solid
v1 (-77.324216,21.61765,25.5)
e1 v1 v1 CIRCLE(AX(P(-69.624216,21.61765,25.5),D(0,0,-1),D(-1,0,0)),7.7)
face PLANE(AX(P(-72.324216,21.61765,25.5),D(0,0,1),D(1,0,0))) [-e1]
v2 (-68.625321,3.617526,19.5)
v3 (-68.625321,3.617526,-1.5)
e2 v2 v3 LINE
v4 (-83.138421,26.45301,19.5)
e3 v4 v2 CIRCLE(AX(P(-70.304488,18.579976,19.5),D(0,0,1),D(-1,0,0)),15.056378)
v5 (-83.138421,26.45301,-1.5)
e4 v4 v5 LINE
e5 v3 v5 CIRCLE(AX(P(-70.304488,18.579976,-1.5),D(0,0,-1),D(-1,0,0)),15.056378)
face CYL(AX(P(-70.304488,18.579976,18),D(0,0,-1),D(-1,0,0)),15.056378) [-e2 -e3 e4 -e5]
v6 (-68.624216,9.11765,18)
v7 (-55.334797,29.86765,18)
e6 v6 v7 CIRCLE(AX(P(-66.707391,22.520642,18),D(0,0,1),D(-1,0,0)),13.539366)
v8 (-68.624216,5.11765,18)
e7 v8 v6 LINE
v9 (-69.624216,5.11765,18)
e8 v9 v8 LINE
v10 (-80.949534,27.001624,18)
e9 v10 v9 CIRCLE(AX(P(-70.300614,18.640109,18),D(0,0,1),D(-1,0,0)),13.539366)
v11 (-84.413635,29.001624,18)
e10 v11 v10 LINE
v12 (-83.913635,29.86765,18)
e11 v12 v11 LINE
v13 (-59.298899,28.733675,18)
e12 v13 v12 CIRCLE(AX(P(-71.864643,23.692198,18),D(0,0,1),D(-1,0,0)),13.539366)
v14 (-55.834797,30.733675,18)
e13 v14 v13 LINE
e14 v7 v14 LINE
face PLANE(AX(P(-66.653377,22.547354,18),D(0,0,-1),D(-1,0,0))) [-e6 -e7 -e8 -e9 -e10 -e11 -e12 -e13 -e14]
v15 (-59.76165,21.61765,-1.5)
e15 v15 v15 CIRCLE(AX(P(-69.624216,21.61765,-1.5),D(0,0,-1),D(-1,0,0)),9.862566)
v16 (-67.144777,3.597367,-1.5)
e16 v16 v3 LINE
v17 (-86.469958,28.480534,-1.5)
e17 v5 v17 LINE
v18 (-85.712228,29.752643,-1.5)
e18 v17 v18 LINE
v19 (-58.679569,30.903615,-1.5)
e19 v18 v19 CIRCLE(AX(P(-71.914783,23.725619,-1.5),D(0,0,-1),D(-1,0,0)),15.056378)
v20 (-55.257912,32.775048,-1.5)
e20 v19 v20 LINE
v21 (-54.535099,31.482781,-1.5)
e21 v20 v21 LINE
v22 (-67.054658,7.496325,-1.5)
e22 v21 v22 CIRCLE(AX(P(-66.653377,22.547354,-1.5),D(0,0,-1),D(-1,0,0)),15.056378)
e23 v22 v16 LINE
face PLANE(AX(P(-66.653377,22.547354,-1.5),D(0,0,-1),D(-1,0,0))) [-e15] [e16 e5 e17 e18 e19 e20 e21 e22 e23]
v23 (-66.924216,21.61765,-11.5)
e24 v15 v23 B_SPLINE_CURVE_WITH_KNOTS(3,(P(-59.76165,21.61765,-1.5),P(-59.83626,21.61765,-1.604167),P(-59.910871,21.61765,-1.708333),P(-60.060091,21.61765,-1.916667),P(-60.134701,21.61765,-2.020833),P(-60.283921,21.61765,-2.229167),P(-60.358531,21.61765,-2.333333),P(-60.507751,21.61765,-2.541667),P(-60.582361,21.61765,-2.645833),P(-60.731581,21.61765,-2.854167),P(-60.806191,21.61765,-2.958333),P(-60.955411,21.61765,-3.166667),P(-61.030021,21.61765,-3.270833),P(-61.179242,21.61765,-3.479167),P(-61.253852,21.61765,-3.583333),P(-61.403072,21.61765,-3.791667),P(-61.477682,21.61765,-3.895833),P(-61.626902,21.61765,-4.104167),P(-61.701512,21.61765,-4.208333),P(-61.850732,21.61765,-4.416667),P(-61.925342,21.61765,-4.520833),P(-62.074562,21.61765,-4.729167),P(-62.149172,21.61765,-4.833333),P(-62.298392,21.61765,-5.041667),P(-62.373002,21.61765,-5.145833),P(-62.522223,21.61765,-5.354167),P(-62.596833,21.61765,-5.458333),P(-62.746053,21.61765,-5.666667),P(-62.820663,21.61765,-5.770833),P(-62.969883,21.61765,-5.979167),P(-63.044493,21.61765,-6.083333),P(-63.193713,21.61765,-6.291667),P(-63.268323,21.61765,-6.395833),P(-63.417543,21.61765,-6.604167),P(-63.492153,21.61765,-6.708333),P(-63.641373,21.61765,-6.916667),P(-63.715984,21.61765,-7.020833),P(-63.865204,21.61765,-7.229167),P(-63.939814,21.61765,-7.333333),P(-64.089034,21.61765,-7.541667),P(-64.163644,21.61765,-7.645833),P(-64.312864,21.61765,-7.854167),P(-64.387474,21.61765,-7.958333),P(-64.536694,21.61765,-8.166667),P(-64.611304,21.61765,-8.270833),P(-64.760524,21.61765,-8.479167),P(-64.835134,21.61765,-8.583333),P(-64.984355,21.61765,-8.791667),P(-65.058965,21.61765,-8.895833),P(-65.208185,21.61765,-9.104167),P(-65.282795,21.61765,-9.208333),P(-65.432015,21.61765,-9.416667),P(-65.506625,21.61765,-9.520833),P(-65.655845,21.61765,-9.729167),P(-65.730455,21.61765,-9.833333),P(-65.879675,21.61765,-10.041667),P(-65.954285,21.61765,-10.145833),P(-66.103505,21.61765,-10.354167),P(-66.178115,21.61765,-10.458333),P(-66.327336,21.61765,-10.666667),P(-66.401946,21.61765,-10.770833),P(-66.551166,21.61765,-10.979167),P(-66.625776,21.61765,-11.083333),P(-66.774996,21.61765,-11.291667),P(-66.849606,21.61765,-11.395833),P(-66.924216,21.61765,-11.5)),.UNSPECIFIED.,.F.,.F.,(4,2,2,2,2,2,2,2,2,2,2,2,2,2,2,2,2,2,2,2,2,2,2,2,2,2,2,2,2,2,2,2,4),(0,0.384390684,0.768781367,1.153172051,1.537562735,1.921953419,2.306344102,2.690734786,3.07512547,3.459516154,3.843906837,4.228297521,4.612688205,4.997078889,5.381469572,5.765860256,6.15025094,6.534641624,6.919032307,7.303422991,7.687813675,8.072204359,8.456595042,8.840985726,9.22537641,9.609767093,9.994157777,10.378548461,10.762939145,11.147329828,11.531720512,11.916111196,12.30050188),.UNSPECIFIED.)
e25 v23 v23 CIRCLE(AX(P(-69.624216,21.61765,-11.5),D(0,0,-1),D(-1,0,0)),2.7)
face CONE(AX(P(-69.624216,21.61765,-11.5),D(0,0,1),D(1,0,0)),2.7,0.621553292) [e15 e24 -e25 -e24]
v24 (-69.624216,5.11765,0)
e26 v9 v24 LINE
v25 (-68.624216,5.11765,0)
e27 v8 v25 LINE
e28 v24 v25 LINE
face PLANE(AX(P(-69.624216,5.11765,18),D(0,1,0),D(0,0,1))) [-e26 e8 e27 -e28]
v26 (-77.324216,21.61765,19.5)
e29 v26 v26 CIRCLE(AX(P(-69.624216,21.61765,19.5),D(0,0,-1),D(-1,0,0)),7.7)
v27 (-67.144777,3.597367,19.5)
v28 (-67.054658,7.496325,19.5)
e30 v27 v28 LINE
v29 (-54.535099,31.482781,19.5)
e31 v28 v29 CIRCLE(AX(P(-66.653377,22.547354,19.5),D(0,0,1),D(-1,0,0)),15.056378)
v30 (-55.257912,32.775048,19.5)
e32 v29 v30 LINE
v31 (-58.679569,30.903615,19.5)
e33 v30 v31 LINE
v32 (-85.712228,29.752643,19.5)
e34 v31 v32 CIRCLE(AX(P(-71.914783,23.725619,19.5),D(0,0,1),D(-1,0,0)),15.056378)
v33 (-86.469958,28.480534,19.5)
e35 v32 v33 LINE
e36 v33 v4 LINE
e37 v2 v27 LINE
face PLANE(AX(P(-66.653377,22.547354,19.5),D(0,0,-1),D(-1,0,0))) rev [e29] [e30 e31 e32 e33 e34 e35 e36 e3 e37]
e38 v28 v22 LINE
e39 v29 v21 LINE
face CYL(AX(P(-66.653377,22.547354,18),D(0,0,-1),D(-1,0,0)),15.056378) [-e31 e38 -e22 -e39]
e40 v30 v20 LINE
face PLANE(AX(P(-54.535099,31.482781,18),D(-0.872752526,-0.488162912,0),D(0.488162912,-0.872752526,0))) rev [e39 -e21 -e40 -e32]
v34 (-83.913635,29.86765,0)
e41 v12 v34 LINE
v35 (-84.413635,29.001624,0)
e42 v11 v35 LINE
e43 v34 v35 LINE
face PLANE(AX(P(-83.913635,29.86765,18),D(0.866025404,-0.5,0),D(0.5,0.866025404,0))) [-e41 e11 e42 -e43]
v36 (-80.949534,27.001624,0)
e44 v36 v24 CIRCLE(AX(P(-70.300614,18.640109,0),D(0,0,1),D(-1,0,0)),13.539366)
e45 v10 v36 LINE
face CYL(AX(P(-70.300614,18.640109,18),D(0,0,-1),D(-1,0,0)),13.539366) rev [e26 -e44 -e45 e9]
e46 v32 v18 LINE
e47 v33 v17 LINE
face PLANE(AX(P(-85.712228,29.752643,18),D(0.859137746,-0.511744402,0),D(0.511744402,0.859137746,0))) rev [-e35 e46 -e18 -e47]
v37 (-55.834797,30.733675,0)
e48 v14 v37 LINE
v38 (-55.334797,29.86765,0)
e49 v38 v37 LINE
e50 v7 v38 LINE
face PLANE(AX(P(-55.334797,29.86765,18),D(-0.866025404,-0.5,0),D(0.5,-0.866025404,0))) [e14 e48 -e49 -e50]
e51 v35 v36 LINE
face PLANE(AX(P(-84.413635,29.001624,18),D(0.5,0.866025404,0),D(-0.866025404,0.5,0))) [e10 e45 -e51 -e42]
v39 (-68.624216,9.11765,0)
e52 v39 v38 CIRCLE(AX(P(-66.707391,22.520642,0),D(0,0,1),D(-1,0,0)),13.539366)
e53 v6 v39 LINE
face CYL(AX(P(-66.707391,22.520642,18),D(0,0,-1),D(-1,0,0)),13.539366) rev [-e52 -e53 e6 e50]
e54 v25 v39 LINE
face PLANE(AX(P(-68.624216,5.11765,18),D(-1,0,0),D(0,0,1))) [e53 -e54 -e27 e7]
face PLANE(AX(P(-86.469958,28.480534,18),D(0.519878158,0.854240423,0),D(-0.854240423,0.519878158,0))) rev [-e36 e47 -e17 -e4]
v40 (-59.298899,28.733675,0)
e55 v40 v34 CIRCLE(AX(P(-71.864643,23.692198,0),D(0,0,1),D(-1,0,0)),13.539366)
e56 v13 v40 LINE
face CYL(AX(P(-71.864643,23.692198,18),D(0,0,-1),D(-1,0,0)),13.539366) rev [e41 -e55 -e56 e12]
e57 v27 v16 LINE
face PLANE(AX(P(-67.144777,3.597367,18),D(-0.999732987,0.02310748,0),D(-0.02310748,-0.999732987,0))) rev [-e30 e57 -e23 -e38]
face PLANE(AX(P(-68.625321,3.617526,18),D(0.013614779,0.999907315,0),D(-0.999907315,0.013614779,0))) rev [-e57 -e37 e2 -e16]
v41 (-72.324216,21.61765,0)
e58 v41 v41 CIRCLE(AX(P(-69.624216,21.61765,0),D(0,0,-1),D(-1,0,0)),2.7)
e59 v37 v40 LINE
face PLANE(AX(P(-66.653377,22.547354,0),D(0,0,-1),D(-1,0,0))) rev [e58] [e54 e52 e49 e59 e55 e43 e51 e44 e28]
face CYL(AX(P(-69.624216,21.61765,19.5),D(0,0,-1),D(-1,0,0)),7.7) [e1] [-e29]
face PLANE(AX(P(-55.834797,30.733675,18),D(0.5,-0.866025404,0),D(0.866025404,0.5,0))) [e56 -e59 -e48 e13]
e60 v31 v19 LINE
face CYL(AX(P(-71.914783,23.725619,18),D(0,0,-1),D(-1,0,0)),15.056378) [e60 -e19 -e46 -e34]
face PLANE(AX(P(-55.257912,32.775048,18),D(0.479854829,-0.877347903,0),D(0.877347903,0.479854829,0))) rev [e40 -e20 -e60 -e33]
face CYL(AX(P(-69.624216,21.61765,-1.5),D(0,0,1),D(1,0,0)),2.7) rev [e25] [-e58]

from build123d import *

# Parameters (mm, degrees)
SALIENTE_EXTRUIR1_DEPTH = 18
SALIENTE_EXTRUIR2_START = 1.5
CROQUIS2_R              = 2.7
SALIENTE_EXTRUIR2_DEPTH = 1.5
SALIENTE_EXTRUIR3_DEPTH = 1.5
CROQUIS6_W              = 5.4
CROQUIS6_H              = 1.181933233
SALIENTE_EXTRUIR7_DEPTH = 10
CROQUIS7_W              = 5.4
CROQUIS7_H              = 10
CORTAR_EXTRUIR2_DEPTH   = 16.5


with BuildPart() as part:
    # Croquis1 → Saliente-Extruir1 (new body)
    with BuildSketch(Plane.XY):
        with BuildLine():
            Line((-54.535099114, 31.482780649), (-55.25791247, 32.775048384))
            Line((-55.25791247, 32.775048384), (-58.679569293, 30.903614553))
            ThreePointArc((-58.679569293, 30.903614553), (-72.555259572, 38.768368337), (-85.712228427, 29.752642999))
            Line((-85.712228427, 29.752642999), (-86.469958437, 28.480534403))
            Line((-86.469958437, 28.480534403), (-83.138420786, 26.453009587))
            ThreePointArc((-83.138420786, 26.453009587), (-83.011652218, 10.503932418), (-68.625320614, 3.617525822))
            Line((-68.625320614, 3.617525822), (-67.144777249, 3.597366682))
            Line((-67.144777249, 3.597366682), (-67.054658077, 7.49632533))
            ThreePointArc((-67.054658077, 7.49632533), (-53.305736365, 15.580648714), (-54.535099114, 31.482780649))
        make_face()
        with BuildLine():
            Line((-69.624216052, 5.117649823), (-68.624216052, 5.117649823))
            Line((-68.624216052, 5.117649823), (-68.624216052, 9.117649823))
            ThreePointArc((-68.624216052, 9.117649823), (-55.305921191, 15.218525867), (-55.334796889, 29.867649823))
            Line((-55.334796889, 29.867649823), (-55.834796889, 30.733675227))
            Line((-55.834796889, 30.733675227), (-59.298898504, 28.733675227))
            ThreePointArc((-59.298898504, 28.733675227), (-71.241559574, 37.21721889), (-83.913635214, 29.867649823))
            Line((-83.913635214, 29.867649823), (-84.413635214, 29.001624419))
            Line((-84.413635214, 29.001624419), (-80.949533599, 27.001624419))
            ThreePointArc((-80.949533599, 27.001624419), (-82.325167391, 12.417204713), (-69.624216052, 5.117649823))
        make_face(mode=Mode.SUBTRACT)
    extrude(amount=SALIENTE_EXTRUIR1_DEPTH)

    # Croquis2 → Saliente-Extruir2 (add)
    with BuildSketch(Plane(origin=(0, 0, 0), x_dir=(-1, 0, 0), z_dir=(0, 0, -1)).offset(SALIENTE_EXTRUIR2_START)):
        with BuildLine():
            Line((67.054658077, 7.49632533), (67.144777249, 3.597366682))
            Line((67.144777249, 3.597366682), (68.625320614, 3.617525822))
            ThreePointArc((68.625320614, 3.617525822), (83.011652218, 10.503932418), (83.138420786, 26.453009587))
            Line((83.138420786, 26.453009587), (86.469958437, 28.480534403))
            Line((86.469958437, 28.480534403), (85.712228427, 29.752642999))
            ThreePointArc((85.712228427, 29.752642999), (72.555259572, 38.768368337), (58.679569293, 30.903614553))
            Line((58.679569293, 30.903614553), (55.25791247, 32.775048384))
            Line((55.25791247, 32.775048384), (54.535099114, 31.482780649))
            ThreePointArc((54.535099114, 31.482780649), (53.305736365, 15.580648714), (67.054658077, 7.49632533))
        make_face()
        with Locations((69.624216052, 21.617649823)):
            Circle(CROQUIS2_R, mode=Mode.SUBTRACT)
    extrude(amount=-SALIENTE_EXTRUIR2_DEPTH)

    # Croquis3 → Saliente-Extruir3 (add)
    with BuildSketch(Plane.XY.offset(18)):
        with BuildLine():
            Line((-67.144777249, 3.597366682), (-67.054658077, 7.49632533))
            ThreePointArc((-67.054658077, 7.49632533), (-53.305736365, 15.580648714), (-54.535099114, 31.482780649))
            Line((-54.535099114, 31.482780649), (-55.25791247, 32.775048384))
            Line((-55.25791247, 32.775048384), (-58.679569293, 30.903614553))
            ThreePointArc((-58.679569293, 30.903614553), (-72.555259572, 38.768368337), (-85.712228427, 29.752642999))
            Line((-85.712228427, 29.752642999), (-86.469958437, 28.480534403))
            Line((-86.469958437, 28.480534403), (-83.138420786, 26.453009587))
            ThreePointArc((-83.138420786, 26.453009587), (-83.011652218, 10.503932418), (-68.625320614, 3.617525822))
            Line((-68.625320614, 3.617525822), (-67.144777249, 3.597366682))
        make_face()
    extrude(amount=SALIENTE_EXTRUIR3_DEPTH)

    # Croquis6 → Saliente-Extruir7 (add)
    with BuildSketch(Plane(origin=(0, 0, -1.5), x_dir=(-1, 0, 0), z_dir=(0, 0, -1))):
        with Locations((69.624216052, 21.026683207)):
            Rectangle(CROQUIS6_W, CROQUIS6_H)
    extrude(amount=SALIENTE_EXTRUIR7_DEPTH)

    # Croquis7 → Cortar-Extruir2 (cut)
    with BuildSketch(Plane(origin=(0, 21.617649823, 0), x_dir=(1, 0, 0), z_dir=(0, 1, 0))):
        with Locations((-69.624216052, 6.5)):
            Rectangle(CROQUIS7_W, CROQUIS7_H)
    extrude(amount=-CORTAR_EXTRUIR2_DEPTH, mode=Mode.SUBTRACT)

    # Croquis8 → Revolución1 (revolve)
    with BuildSketch(Plane(origin=(0, 21.617649823, 0), x_dir=(1, 0, 0), z_dir=(0, 1, 0)), mode=Mode.PRIVATE) as revoluci_n1_sk:
        Polygon((-72.324216052, 1.5), (-79.486781688, 1.5), (-72.324216052, 11.5), align=None)
        Polygon((-72.324216052, -19.5), (-69.624216052, -19.5), (-69.624216052, -25.5), (-72.324216052, -25.5), (-77.324216052, -25.5), (-77.324216052, -19.5), align=None)
    revolve(revoluci_n1_sk.sketch.rotate(Axis((-69.624216052, 21.617649823, 19.5), (0, 0, 1)), 180), axis=Axis((-69.624216052, 21.617649823, 19.5), (0, 0, 1)))


solid = part.part
